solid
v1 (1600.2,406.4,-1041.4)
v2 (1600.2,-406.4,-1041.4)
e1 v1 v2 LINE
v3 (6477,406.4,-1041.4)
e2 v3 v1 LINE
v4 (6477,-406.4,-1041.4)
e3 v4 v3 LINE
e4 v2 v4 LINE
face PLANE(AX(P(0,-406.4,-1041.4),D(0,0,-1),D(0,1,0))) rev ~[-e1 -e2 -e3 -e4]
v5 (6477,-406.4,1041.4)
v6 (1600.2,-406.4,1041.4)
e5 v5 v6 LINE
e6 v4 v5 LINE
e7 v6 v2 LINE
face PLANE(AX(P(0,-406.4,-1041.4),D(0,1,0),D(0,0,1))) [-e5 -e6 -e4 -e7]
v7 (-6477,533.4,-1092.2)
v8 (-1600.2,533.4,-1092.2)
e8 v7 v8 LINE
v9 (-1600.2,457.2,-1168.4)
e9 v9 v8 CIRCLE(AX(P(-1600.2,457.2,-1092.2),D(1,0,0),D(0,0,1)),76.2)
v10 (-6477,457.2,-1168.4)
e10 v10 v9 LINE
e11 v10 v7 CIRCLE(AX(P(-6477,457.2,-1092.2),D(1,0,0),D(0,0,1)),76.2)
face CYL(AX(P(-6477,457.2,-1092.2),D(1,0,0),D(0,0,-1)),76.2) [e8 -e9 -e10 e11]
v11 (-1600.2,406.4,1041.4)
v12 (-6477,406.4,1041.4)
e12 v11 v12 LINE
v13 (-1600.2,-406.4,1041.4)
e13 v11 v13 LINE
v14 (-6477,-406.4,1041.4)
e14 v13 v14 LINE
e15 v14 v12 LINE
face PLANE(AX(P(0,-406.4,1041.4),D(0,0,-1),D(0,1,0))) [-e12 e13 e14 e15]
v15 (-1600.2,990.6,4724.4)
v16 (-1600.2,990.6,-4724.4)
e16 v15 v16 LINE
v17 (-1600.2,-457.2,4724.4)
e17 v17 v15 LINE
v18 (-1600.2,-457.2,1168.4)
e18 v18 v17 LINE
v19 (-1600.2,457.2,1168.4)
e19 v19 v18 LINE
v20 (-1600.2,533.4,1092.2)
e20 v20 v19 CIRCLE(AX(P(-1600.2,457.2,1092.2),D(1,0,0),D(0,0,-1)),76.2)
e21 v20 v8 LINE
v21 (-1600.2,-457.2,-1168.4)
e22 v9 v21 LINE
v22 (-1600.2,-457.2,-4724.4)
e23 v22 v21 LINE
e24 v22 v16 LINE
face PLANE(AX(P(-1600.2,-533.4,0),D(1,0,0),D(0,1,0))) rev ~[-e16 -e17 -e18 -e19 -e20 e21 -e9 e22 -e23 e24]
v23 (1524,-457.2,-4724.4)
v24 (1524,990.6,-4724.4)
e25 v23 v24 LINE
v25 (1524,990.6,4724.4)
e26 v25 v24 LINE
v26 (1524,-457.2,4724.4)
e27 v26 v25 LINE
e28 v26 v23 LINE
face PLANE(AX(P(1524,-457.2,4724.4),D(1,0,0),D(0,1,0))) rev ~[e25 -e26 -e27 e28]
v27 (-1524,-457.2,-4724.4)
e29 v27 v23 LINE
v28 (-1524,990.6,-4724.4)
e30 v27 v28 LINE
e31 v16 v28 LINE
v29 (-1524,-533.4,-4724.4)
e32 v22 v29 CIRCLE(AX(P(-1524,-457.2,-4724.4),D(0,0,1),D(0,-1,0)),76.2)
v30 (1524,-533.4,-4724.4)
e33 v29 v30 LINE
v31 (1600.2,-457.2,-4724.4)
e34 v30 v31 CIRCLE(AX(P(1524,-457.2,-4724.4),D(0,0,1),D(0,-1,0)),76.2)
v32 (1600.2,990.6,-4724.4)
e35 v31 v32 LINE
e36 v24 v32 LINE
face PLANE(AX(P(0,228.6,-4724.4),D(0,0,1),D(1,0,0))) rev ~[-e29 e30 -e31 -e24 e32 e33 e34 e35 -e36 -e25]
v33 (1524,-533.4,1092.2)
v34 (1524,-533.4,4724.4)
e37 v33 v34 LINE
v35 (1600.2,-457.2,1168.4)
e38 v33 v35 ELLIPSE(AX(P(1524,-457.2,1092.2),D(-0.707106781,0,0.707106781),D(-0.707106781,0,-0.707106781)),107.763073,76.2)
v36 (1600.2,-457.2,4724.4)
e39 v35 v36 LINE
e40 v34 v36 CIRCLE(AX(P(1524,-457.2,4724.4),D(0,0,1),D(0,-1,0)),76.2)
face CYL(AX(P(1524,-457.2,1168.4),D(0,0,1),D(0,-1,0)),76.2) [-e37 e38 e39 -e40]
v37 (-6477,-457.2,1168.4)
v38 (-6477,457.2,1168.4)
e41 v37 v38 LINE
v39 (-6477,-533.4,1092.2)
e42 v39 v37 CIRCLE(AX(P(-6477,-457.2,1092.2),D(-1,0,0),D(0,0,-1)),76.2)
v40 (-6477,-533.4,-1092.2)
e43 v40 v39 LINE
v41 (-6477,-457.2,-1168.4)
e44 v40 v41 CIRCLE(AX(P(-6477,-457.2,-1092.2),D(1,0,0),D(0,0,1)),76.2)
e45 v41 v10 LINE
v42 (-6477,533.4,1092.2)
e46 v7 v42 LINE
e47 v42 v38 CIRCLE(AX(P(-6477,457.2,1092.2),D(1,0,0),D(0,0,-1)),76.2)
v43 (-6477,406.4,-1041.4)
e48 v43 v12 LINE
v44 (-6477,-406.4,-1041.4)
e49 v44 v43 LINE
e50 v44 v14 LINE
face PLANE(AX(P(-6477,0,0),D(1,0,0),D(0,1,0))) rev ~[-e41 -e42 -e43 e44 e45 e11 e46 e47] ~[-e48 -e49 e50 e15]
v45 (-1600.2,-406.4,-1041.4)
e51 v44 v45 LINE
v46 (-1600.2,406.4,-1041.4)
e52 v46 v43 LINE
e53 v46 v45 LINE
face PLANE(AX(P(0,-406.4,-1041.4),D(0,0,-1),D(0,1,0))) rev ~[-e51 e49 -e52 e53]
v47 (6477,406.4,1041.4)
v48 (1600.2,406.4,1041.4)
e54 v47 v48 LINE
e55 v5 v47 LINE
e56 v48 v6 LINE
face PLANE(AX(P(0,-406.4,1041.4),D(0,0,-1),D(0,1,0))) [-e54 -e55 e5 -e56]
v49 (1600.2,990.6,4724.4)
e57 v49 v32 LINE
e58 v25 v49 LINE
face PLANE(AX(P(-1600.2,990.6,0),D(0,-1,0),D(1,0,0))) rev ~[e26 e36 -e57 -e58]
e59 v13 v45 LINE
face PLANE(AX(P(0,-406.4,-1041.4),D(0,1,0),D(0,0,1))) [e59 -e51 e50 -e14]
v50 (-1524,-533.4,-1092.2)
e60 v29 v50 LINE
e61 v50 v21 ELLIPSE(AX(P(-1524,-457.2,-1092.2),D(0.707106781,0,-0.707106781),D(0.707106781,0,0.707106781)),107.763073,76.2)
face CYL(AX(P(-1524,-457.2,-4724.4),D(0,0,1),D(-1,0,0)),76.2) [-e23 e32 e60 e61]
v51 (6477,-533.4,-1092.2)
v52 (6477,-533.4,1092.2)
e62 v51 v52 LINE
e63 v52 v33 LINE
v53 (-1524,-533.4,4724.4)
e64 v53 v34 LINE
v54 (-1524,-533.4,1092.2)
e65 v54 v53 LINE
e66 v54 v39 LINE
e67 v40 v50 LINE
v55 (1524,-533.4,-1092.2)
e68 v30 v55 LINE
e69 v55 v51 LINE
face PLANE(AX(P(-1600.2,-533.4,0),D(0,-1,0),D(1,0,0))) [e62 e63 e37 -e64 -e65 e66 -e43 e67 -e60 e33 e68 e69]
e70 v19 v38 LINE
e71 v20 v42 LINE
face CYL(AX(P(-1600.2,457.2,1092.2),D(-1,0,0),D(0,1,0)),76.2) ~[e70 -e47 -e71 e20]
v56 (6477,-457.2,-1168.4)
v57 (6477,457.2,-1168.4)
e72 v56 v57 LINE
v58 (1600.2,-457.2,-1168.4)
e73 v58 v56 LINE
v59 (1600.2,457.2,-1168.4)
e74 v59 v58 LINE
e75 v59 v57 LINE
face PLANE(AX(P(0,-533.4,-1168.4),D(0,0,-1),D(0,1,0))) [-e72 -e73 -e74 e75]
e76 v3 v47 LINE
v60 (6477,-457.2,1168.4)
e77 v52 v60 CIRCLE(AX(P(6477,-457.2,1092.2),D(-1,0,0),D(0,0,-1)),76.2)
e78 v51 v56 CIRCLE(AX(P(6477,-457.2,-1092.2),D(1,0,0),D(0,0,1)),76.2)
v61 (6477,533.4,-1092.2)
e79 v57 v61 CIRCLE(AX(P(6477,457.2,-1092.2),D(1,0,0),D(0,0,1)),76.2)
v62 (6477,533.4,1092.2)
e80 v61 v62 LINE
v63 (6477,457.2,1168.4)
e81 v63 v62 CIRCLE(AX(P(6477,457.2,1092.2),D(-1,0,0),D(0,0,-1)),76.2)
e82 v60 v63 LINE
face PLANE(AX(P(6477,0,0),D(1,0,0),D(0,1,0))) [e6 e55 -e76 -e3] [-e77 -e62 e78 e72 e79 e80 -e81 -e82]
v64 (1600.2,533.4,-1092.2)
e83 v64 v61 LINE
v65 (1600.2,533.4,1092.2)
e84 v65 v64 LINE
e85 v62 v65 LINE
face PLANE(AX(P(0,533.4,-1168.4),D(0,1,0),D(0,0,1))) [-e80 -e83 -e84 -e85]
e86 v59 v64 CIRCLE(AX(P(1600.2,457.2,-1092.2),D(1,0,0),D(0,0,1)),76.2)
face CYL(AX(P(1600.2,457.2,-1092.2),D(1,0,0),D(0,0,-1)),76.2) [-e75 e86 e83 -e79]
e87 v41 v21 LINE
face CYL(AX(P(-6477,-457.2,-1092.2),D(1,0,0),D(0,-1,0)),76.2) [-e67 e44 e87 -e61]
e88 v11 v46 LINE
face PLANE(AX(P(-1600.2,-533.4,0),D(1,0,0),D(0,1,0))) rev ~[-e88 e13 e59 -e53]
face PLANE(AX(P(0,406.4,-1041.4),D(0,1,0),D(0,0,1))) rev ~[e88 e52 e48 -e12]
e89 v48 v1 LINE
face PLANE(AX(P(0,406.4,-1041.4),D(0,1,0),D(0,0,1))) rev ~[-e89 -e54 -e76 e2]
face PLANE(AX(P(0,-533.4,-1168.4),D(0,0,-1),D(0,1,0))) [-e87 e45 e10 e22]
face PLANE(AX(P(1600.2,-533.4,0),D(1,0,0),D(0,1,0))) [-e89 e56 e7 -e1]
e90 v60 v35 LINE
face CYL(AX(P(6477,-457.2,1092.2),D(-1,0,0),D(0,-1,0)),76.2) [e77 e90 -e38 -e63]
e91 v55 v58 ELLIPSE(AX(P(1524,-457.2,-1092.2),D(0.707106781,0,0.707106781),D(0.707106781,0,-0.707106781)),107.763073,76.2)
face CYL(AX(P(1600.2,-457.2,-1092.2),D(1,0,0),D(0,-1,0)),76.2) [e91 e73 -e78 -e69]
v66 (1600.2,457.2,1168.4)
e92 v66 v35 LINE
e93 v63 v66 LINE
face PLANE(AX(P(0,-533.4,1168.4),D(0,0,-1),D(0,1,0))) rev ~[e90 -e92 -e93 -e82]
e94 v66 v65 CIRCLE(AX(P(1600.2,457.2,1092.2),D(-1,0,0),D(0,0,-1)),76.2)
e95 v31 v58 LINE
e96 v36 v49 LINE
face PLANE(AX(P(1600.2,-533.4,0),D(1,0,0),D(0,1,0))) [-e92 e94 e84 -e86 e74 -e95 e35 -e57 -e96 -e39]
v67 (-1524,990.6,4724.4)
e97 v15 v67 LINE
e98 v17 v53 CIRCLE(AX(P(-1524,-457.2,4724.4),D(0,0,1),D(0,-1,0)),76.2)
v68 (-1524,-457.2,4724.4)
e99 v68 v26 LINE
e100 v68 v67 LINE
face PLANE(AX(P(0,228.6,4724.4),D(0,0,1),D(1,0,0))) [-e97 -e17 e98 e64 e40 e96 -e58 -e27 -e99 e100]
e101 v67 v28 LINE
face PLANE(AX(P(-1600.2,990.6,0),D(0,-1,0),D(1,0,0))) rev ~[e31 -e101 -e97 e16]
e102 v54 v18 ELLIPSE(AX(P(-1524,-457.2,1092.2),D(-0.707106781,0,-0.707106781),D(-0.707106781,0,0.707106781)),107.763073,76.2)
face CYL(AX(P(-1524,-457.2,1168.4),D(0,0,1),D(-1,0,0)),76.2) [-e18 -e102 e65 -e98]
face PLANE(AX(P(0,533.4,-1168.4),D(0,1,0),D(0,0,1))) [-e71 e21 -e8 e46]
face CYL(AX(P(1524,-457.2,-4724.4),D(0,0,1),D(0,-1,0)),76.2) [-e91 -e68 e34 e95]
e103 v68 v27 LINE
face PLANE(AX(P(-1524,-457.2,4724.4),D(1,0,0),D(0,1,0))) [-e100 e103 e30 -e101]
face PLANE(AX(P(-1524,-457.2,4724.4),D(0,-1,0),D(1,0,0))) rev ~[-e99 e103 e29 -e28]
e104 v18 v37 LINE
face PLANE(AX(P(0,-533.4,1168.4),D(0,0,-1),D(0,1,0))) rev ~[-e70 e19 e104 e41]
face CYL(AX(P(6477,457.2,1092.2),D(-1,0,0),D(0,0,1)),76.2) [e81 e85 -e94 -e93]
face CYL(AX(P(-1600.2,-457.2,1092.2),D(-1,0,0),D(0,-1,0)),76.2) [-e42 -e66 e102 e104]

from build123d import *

# Parameters (mm, degrees)
F0_W     = 1066.8
F0_H     = 2336.8
F0_W_2   = 812.8
F0_H_2   = 2082.8
F1_DEPTH = 6477
F2_W     = 3200.4
F2_H     = 1524
F3_DEPTH = 4724.4
F4_W     = 3048
F4_H     = 1447.8
F5_DEPTH = 9448.8
F6_R     = 76.2


with BuildPart() as f1:
    # F0 (on Right) → F1 (new body, symmetric)
    with BuildSketch(Plane.YZ):
        Rectangle(F0_W, F0_H)
        Rectangle(F0_W_2, F0_H_2, mode=Mode.SUBTRACT)
    extrude(amount=F1_DEPTH, both=True)

    # F2 (on Top) → F3 (join, symmetric)
    with BuildSketch(Plane.XY):
        with Locations((0, 228.6)):
            Rectangle(F2_W, F2_H)
    extrude(amount=F3_DEPTH, both=True)

    # F4 (on face) → F5 (cut)
    with BuildSketch(Plane.XY.offset(4724.4)):
        with Locations((0, 266.7)):
            Rectangle(F4_W, F4_H)
    extrude(amount=-F5_DEPTH, mode=Mode.SUBTRACT)

    # F6
    f6_edges = [f1.edges().sort_by_distance(p)[0] for p in [
        (-4038.6, -533.4, 1168.4),
        (4038.6, -533.4, 1168.4),
        (-4038.6, -533.4, -1168.4),
        (4038.6, -533.4, -1168.4),
        (-1600.2, -533.4, 2946.4),
        (-1600.2, -533.4, -2946.4),
        (1600.2, -533.4, -2946.4),
        (1600.2, -533.4, 2946.4),
        (-4038.6, 533.4, 1168.4),
        (4038.6, 533.4, 1168.4),
        (-4038.6, 533.4, -1168.4),
        (4038.6, 533.4, -1168.4),
    ]]
    fillet(f6_edges, radius=F6_R)


solid = f1.part
